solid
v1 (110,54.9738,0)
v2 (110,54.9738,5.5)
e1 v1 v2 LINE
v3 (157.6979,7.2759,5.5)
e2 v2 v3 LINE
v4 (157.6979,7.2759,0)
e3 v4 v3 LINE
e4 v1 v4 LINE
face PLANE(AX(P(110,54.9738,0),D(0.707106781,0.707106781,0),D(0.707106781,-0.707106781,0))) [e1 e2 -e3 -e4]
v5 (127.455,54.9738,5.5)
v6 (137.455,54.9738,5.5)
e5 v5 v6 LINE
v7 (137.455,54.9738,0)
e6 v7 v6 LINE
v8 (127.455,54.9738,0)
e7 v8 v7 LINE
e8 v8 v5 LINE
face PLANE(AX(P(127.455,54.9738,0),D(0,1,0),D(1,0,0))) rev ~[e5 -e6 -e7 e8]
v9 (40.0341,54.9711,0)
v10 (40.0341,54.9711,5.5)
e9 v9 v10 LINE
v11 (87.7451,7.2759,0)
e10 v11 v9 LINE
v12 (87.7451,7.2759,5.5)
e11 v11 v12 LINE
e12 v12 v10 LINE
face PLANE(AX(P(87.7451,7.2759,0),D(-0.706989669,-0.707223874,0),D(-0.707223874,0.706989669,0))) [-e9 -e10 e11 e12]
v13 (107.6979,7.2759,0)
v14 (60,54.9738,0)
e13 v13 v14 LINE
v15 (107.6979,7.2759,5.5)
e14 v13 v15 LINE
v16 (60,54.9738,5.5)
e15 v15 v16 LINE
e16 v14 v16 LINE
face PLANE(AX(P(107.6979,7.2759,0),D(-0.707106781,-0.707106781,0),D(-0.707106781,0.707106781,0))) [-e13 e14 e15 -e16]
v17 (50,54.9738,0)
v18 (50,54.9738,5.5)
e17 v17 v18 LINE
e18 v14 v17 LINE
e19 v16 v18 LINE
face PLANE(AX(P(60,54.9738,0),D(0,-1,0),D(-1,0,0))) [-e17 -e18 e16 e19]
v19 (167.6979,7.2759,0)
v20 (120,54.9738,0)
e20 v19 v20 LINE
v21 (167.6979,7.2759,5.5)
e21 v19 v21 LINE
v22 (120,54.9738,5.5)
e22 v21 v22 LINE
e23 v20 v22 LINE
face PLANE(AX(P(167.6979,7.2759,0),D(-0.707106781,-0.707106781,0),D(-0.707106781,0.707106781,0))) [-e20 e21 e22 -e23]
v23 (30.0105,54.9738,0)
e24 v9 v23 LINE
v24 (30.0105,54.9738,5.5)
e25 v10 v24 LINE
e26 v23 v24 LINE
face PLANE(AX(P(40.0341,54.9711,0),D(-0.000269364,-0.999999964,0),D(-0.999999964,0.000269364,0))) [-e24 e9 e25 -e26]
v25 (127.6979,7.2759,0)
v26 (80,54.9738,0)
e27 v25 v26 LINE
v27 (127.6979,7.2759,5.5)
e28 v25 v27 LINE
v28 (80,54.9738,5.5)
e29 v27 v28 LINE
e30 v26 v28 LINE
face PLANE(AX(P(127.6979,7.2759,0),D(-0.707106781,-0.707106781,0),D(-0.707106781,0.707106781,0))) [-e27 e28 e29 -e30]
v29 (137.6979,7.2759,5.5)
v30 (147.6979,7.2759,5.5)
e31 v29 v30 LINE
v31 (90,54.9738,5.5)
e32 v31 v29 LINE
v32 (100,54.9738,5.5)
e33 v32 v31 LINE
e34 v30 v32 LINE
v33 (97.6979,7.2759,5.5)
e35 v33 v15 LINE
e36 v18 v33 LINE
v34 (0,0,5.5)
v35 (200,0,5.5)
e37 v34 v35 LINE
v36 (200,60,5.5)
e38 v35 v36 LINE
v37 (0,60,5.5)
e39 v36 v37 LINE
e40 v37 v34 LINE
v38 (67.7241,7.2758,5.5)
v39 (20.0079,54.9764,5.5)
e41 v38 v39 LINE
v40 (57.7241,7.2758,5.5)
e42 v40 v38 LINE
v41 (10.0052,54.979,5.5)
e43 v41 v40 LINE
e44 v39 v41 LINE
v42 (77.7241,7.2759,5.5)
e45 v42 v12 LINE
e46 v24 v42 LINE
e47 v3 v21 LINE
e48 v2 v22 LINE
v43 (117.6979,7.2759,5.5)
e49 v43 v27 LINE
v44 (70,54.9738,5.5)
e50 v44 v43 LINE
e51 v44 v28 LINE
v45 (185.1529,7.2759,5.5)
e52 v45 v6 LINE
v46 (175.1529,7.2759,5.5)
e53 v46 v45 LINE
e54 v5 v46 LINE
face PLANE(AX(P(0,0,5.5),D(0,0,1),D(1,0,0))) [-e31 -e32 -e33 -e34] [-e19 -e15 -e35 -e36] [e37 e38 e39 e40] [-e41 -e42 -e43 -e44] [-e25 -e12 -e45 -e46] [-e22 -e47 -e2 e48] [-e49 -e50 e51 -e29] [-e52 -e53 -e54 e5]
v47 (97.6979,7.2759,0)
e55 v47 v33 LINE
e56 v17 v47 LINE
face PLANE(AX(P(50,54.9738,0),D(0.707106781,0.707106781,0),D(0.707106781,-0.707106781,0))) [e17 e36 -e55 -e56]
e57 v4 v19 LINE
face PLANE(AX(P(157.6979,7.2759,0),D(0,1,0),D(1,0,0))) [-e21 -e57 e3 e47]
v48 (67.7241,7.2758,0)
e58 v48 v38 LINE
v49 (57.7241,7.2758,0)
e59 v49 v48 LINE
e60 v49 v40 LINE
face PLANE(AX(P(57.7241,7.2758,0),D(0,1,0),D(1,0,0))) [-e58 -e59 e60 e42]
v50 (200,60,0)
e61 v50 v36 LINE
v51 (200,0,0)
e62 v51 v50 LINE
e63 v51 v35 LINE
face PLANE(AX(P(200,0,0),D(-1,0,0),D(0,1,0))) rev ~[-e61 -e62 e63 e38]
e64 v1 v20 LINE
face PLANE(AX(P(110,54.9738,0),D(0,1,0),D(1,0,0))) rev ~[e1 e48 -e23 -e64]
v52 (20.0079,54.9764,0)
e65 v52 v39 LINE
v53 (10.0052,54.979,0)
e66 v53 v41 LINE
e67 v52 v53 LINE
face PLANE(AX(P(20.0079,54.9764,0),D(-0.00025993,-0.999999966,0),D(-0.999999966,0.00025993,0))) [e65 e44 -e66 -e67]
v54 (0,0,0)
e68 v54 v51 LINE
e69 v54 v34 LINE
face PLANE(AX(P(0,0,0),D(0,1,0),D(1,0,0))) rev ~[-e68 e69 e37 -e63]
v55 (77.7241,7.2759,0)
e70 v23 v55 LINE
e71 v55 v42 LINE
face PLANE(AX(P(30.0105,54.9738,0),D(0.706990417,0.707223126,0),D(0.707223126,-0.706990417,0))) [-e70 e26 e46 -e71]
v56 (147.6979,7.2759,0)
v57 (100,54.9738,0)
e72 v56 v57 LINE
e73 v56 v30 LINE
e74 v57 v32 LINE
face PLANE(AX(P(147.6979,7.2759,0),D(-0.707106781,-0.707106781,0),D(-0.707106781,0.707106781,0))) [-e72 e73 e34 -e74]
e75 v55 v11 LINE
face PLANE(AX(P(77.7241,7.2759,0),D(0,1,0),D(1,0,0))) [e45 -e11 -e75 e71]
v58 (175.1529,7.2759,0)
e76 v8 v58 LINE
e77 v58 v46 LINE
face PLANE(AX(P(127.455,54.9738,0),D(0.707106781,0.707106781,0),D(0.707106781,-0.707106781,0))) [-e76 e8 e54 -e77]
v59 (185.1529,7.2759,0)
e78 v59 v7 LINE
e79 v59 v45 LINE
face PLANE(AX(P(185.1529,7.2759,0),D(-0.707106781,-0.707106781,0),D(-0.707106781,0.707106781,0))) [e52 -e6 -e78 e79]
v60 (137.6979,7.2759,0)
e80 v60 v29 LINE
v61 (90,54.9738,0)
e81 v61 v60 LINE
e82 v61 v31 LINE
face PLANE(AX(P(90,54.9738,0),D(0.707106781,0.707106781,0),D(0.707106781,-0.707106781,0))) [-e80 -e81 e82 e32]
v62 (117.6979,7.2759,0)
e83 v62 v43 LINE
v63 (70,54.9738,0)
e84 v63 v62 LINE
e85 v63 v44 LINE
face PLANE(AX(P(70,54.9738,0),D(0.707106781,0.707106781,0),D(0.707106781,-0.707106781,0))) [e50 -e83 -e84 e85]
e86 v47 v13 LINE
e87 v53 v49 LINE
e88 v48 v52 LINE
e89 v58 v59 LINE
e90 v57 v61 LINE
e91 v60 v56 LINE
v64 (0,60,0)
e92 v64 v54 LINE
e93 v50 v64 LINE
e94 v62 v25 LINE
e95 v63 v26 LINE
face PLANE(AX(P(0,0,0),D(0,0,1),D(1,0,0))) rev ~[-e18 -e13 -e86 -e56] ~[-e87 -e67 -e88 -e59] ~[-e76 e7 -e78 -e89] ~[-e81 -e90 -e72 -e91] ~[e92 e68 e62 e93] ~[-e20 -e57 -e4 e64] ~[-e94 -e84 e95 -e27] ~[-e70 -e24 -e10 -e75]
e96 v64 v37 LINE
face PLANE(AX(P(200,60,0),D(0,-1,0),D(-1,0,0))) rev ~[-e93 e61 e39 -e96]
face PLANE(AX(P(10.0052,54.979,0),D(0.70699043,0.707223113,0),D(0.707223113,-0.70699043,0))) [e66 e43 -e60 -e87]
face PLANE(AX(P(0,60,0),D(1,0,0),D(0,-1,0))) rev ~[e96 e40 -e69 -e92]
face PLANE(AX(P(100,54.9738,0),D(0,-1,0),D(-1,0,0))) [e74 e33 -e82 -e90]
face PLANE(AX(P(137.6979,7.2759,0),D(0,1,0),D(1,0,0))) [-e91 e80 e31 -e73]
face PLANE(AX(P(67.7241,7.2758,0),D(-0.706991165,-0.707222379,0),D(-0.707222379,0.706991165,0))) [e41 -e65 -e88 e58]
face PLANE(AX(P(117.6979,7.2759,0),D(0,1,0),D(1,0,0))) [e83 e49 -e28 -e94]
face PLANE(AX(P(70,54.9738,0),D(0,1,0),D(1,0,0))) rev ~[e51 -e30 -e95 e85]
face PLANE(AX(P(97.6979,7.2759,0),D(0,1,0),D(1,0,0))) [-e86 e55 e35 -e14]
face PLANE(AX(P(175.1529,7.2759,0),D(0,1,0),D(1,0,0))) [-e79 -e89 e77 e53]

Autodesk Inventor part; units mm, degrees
ref_plane "YZ Plane" through (0, 0, 0) normal (1, 0, 0) x (0, 1, 0)
ref_plane "XZ Plane" through (0, 0, 0) normal (0, 1, 0) x (-1, 0, 0)
ref_plane "XY Plane" through (0, 0, 0) normal (0, 0, 1) x (1, 0, 0)
sketch "Sketch1" plane through (0, 0, 0) normal (0, 0, 1) x (1, 0, 0)
  line L0 (0, 0) -> (200, 0)
  line L1 (200, 0) -> (200, 60)
  line L2 (200, 60) -> (0, 60)
  line L3 (0, 60) -> (0, 0)
  line L4 (57.7241, 7.2758) -> (67.7241, 7.2758)
  line L5 (67.7241, 7.2758) -> (20.0079, 54.9764)
  line L6 (20.0079, 54.9764) -> (10.0052, 54.979)
  line L7 (10.0052, 54.979) -> (57.7241, 7.2758)
  line L8 (77.7241, 7.2759) -> (87.7451, 7.2759)
  line L9 (87.7451, 7.2759) -> (40.0341, 54.9711)
  line L10 (40.0341, 54.9711) -> (30.0105, 54.9738)
  line L11 (30.0105, 54.9738) -> (77.7241, 7.2759)
  line L12 (50, 54.9738) -> (97.6979, 7.2759)
  line L13 (50, 54.9738) -> (117.455, 54.9738) construction
  line L14 (97.6979, 7.2759) -> (107.6979, 7.2759)
  line L15 (107.6979, 7.2759) -> (60, 54.9738)
  line L16 (107.6979, 7.2759) -> (175.1529, 7.2759) construction
  line L17 (60, 54.9738) -> (50, 54.9738)
  line L18 (70, 54.9738) -> (137.455, 54.9738) construction
  line L19 (90, 54.9738) -> (137.6979, 7.2759)
  line L20 (137.6979, 7.2759) -> (147.6979, 7.2759)
  line L21 (147.6979, 7.2759) -> (100, 54.9738)
  line L22 (100, 54.9738) -> (90, 54.9738)
  line L23 (110, 54.9738) -> (157.6979, 7.2759)
  line L24 (110, 54.9738) -> (177.455, 54.9738) construction
  line L25 (157.6979, 7.2759) -> (167.6979, 7.2759)
  line L26 (167.6979, 7.2759) -> (120, 54.9738)
  line L27 (110, 54.9738) -> (120, 54.9738)
  line L28 (127.455, 54.9738) -> (175.1529, 7.2759)
  line L29 (175.1529, 7.2759) -> (185.1529, 7.2759)
  line L30 (185.1529, 7.2759) -> (137.455, 54.9738)
  line L31 (127.455, 54.9738) -> (137.455, 54.9738)
  line L32 (70, 54.9738) -> (117.6979, 7.2759)
  line L33 (70, 54.9738) -> (137.455, 54.9738) construction
  line L34 (117.6979, 7.2759) -> (127.6979, 7.2759)
  line L35 (127.6979, 7.2759) -> (80, 54.9738)
  line L36 (70, 54.9738) -> (80, 54.9738)
  dimension "d0" = 200
  dimension "d1" = 60
  dimension "d5" = 10
  dimension "d6" = 45
  dimension "d7" = 10
  dimension "d8" = 135
  dimension "d12" = 10
  dimension "d13" = 45
  dimension "d14" = 45
  dimension "d15" = 10
  dimension "d16" = 10
  dimension "d17" = 45
  dimension "d18" = 10
extrude "Extrusion1" add sketch "Sketch1" along normal blind 5.5
properties part number "resorte"
